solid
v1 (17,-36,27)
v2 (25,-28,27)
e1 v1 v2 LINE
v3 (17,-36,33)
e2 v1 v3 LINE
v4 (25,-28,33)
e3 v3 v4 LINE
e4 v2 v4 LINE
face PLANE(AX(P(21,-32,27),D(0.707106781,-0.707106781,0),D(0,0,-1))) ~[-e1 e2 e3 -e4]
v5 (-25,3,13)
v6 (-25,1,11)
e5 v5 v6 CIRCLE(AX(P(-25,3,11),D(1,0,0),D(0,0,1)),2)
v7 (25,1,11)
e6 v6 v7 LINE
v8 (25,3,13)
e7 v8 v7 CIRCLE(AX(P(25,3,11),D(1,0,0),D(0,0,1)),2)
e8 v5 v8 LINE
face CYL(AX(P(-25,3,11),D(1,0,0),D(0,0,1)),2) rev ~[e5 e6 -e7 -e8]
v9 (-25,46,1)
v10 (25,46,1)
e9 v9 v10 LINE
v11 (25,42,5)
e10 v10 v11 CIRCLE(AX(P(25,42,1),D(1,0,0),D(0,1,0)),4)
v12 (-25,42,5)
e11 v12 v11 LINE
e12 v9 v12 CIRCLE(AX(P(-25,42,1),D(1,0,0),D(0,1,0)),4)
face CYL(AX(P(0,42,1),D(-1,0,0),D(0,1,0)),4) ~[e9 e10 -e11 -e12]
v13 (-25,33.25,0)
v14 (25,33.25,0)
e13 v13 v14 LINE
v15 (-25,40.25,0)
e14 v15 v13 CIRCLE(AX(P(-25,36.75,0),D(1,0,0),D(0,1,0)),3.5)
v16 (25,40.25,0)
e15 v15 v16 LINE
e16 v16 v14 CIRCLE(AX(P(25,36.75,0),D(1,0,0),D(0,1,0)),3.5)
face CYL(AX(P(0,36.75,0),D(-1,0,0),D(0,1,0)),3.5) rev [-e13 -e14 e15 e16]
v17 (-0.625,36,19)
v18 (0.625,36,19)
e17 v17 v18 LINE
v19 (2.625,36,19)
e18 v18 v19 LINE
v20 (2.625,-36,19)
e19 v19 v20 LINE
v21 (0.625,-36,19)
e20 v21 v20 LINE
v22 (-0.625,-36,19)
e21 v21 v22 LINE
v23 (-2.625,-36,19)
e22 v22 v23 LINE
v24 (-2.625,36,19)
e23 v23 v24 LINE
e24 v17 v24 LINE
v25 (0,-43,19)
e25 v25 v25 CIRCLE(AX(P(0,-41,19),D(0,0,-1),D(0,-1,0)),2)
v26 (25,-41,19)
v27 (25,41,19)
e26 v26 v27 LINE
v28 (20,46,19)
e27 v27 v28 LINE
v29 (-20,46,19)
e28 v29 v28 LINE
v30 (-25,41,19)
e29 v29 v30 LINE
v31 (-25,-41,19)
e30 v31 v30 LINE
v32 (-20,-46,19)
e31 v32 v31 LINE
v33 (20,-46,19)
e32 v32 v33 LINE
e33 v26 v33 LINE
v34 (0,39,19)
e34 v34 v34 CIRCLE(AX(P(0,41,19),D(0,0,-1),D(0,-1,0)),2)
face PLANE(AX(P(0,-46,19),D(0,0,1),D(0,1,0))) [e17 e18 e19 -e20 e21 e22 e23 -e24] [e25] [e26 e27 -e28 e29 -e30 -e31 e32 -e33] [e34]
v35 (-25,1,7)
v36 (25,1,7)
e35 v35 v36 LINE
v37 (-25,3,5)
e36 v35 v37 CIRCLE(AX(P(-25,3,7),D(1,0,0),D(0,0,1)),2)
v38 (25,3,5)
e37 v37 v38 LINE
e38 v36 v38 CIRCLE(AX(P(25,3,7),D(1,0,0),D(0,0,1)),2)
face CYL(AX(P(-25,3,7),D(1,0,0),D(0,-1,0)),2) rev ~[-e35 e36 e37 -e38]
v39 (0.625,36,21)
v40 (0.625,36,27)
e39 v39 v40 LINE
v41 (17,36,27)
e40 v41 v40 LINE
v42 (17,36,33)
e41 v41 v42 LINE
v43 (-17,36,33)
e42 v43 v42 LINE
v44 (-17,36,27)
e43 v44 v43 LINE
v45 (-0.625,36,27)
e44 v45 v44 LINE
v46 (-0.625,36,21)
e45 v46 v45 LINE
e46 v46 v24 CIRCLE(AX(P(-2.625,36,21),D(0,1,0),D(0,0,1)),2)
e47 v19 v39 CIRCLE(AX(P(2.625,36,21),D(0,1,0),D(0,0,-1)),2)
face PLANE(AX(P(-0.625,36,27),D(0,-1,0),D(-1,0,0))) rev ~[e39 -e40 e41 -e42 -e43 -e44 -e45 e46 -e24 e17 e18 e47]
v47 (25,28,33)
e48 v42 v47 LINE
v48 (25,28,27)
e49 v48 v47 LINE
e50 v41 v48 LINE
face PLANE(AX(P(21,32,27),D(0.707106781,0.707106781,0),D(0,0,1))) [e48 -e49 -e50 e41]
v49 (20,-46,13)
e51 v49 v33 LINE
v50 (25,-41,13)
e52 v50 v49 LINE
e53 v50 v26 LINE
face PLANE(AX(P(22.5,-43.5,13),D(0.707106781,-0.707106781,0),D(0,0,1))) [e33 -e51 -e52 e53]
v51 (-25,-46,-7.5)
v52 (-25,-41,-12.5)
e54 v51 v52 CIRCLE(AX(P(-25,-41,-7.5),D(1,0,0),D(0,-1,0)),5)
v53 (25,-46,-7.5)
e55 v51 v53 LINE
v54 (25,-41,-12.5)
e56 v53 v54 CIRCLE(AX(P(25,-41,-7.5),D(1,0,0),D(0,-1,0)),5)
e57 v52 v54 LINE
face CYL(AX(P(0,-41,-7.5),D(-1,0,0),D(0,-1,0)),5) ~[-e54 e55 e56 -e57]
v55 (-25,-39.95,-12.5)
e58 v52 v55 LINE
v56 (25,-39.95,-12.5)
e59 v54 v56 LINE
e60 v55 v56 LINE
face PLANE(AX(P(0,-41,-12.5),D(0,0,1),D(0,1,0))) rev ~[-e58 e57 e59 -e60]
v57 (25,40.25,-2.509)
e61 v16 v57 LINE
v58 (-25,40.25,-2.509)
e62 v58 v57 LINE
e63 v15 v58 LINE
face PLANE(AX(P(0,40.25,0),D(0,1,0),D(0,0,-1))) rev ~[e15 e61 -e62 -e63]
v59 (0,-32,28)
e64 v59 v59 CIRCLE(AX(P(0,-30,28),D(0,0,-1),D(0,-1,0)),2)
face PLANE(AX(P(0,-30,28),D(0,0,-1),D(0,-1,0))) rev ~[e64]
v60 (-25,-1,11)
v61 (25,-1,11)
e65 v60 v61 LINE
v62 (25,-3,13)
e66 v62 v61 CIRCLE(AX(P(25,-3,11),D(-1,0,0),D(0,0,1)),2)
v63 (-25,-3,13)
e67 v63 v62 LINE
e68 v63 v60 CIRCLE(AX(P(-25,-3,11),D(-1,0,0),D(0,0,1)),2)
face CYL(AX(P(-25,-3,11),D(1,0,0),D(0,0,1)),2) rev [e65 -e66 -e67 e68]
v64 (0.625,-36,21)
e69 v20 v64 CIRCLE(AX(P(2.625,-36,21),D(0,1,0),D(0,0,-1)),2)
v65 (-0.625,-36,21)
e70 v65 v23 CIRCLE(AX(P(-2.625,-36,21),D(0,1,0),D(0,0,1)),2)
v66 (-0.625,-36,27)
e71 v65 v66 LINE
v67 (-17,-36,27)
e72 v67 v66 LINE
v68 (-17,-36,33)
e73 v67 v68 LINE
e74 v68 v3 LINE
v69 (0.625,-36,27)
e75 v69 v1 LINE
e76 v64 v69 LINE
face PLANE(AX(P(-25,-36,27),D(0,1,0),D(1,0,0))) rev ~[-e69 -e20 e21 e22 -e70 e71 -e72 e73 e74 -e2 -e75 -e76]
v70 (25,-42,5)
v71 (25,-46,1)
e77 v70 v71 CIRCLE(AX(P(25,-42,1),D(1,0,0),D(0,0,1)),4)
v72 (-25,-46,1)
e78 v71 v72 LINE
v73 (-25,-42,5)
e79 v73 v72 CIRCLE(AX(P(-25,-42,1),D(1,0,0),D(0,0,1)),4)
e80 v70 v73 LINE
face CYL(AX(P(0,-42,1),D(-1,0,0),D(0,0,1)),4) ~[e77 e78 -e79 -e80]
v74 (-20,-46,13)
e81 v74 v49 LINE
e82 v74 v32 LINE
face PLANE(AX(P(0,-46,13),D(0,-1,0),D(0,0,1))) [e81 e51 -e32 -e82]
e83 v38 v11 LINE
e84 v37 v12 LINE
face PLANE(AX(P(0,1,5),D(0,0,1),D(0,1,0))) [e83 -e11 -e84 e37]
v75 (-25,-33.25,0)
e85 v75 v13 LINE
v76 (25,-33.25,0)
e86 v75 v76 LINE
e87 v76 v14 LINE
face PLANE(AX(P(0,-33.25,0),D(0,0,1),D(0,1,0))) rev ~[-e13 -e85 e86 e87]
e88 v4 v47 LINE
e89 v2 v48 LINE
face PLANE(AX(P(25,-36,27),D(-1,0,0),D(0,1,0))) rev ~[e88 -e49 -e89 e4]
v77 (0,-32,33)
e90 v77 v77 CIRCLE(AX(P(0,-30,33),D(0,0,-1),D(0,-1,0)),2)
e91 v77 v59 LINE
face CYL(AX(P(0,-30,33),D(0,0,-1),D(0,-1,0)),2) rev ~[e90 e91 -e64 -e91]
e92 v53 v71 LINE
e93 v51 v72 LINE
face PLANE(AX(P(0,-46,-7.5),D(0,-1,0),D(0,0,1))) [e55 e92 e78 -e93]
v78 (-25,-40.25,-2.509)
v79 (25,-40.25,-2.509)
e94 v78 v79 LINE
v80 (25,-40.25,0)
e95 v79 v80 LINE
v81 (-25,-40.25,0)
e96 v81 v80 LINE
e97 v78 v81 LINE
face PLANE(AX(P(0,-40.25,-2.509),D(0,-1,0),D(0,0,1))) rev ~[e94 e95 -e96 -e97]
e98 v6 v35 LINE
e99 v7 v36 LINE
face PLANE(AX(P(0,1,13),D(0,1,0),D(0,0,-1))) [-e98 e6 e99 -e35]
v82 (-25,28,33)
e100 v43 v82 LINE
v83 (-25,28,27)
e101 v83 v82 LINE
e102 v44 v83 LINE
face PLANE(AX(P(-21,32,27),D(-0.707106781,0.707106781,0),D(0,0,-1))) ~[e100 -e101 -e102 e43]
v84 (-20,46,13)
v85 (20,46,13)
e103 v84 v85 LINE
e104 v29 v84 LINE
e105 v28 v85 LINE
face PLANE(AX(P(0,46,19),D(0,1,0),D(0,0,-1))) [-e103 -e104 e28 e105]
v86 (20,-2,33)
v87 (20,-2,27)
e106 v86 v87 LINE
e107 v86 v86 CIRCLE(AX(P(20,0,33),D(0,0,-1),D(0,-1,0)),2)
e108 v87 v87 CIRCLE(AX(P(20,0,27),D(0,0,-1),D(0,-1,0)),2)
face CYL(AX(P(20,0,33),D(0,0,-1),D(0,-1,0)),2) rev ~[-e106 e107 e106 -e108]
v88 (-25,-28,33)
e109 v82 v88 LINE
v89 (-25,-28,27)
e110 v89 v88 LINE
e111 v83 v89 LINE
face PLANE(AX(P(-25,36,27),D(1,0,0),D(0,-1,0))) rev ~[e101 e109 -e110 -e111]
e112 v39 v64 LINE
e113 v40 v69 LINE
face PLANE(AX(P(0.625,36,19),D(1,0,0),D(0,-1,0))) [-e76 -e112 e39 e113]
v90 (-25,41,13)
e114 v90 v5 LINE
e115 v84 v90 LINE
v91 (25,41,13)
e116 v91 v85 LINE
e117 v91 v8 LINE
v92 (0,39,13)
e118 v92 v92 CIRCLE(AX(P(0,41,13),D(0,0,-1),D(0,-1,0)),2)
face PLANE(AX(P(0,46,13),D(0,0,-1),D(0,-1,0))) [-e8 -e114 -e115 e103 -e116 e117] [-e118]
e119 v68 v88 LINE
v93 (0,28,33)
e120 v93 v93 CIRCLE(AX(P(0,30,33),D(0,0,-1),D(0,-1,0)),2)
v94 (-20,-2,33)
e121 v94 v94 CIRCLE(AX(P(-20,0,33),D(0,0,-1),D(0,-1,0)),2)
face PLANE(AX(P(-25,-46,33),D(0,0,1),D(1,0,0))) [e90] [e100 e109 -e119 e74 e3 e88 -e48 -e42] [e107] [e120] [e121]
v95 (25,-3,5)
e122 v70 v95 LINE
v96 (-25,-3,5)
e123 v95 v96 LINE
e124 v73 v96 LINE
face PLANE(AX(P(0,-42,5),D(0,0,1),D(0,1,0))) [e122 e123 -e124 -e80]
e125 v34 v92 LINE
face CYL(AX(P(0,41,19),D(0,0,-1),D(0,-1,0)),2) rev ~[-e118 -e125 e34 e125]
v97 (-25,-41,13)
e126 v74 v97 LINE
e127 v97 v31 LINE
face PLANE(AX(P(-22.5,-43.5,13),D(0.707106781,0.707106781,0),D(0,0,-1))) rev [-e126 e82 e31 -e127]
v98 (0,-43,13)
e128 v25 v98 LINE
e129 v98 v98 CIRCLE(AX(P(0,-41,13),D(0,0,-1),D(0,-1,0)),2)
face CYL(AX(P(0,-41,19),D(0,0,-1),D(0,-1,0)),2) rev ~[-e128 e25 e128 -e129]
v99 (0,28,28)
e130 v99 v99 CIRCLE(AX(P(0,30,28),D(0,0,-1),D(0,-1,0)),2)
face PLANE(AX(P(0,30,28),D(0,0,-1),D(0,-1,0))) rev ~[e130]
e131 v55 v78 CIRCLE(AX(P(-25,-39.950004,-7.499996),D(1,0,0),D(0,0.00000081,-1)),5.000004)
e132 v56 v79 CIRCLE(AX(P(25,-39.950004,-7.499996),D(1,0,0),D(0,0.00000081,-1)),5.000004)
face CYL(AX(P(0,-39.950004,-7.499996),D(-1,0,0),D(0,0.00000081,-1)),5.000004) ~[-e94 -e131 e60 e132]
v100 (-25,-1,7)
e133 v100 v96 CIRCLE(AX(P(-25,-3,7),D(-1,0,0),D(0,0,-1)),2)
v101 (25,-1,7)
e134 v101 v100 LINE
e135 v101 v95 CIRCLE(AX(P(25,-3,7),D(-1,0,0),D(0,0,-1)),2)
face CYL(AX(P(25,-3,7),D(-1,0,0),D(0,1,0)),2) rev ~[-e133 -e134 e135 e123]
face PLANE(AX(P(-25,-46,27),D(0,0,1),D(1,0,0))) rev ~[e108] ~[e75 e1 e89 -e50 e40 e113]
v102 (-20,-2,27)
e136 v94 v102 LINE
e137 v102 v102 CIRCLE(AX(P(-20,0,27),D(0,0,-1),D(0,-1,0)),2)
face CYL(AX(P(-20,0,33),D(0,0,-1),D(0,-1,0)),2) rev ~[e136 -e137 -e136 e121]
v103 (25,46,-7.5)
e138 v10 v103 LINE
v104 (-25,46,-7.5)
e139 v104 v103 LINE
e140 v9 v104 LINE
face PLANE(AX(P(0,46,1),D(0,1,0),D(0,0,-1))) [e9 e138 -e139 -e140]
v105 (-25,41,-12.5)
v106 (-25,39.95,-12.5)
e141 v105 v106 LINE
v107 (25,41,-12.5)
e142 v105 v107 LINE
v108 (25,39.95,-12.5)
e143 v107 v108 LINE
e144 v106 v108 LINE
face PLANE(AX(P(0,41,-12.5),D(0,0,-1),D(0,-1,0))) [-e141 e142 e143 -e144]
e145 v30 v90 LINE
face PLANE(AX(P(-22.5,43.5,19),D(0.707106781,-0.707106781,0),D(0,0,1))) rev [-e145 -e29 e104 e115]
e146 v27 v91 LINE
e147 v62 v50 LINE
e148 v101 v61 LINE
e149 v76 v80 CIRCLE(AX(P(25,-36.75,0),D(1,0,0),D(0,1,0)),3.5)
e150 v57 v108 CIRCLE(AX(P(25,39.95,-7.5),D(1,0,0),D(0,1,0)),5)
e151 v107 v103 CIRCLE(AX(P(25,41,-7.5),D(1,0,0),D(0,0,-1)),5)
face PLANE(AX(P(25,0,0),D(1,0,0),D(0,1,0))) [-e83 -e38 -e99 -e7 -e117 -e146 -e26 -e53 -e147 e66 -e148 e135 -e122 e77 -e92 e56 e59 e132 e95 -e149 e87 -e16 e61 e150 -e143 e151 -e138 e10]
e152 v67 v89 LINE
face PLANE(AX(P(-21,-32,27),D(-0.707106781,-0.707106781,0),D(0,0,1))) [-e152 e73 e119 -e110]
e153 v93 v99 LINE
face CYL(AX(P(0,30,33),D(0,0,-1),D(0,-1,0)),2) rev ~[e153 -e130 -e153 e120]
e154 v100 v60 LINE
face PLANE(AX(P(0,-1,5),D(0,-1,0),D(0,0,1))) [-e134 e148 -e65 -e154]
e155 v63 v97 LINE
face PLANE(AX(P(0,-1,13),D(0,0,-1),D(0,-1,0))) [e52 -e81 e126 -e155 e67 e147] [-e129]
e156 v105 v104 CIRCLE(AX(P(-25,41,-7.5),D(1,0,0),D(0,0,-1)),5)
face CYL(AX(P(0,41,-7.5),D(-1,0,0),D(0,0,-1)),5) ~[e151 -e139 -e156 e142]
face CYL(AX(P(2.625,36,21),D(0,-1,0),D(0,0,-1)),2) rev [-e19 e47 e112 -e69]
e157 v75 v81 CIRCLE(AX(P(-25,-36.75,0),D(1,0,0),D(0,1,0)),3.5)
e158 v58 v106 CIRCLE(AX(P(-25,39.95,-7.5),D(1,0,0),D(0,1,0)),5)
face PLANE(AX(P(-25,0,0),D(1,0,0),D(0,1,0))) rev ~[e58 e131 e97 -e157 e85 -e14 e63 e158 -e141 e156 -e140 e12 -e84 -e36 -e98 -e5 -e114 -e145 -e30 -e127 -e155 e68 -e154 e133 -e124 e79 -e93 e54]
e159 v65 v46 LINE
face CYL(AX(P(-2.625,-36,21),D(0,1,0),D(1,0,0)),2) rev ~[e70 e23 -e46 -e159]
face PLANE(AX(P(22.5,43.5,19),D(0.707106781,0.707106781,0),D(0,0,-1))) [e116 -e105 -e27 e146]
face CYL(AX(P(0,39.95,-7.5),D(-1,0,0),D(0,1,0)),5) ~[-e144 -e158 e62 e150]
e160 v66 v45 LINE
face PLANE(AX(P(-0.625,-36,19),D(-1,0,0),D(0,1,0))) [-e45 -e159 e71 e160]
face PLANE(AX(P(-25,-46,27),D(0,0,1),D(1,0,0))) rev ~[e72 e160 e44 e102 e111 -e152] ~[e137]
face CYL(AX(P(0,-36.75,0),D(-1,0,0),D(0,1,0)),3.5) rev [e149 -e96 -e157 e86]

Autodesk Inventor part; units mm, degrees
ref_plane "YZ Plane" through (0, 0, 0) normal (1, 0, 0) x (0, 1, 0)
ref_plane "XZ Plane" through (0, 0, 0) normal (0, 1, 0) x (-1, 0, 0)
ref_plane "XY Plane" through (0, 0, 0) normal (0, 0, 1) x (1, 0, 0)
sketch "Sketch1" plane through (0, 0, 0) normal (1, 0, 0) x (0, 1, 0)
  line L0 (-46, -7.5) -> (-46, 1)
  line L1 (-42, 5) -> (42, 5)
  line L2 (46, 1) -> (46, -7.5)
  line L3 (-41, -12.5) -> (-39.95, -12.5)
  line L4 (-40.25, -2.509) -> (-40.25, 0)
  line L5 (-40.25, 0) -> (40.25, 0)
  line L6 (-1, 5) -> (-1, 13)
  line L7 (-1, 13) -> (1, 13)
  line L8 (1, 13) -> (1, 5)
  line L9 (-46, 19) -> (46, 19)
  line L10 (46, 19) -> (46, 13)
  line L11 (46, 13) -> (-46, 13)
  line L12 (-46, 13) -> (-46, 19)
  arc A0 (46, 1) -> (42, 5) centre (42, 1) ccw
  arc A1 (-42, 5) -> (-46, 1) centre (-42, 1) ccw
  arc A2 (40.25, 0) -> (33.25, 0) centre (36.75, 0) ccw
  arc A3 (-33.25, 0) -> (-40.25, 0) centre (-36.75, 0) ccw
  line L13 (40.25, 0) -> (40.25, -2.509)
  arc A4 (-39.95, -12.5) -> (-40.25, -2.509) centre (-39.95, -7.5) ccw
  arc A5 (-46, -7.5) -> (-41, -12.5) centre (-41, -7.5) ccw
  circle A6 centre (39.95, -7.5) radius 5
  line L14 (41, -12.5) -> (39.95, -12.5)
  arc A7 (41, -12.5) -> (46, -7.5) centre (41, -7.5) ccw
  point P0 (0, 0)
  point P1 (-46, -12.5)
  point P2 (-46, 5)
  point P3 (46, 5)
  point P4 (46, -12.5)
  point P5 (0, 5)
  point P6 (0, 0)
  point P7 (0, 13)
  point P8 (1, 13)
  point P9 (-1, 13)
  point P10 (-40.25, -1.2545)
  point P11 (40.25, -1.2545)
  point P12 (40.25, -2.509)
  dimension "d71" = 10
  dimension "d2" = 80.5
  dimension "d10" = 92
  dimension "d11" = 5
  dimension "d13" = 2
  dimension "d14" = 8
  dimension "d15" = 6
  dimension "d52" = 4
  dimension "d53" = 7
  dimension "d54" = 7
  dimension "d67" = 10
  dimension "d68" = 7.5
  dimension "d69" = 0.3
  dimension "d70" = 5
  dimension "d72" = 0.3
  dimension "d73" = 5
extrude "Extrusion1" add sketch "Sketch1" along normal mid plane 50 contours L0 A1 L1 A0 L2 A7 L14 A6 L13 A2 L5 A3 L4 A4 L3 A5 | L6 L7 L8 L1 | L11 L12 L9 L10 L7 | A6
sketch "Sketch2" plane through (-25, -46, 19) normal (0, 0, 1) x (1, 0, 0)
  line L0 (0, 0) -> (50, 0) projected
  line L1 (50, 92) -> (50, 0) projected
  line L2 (0, 92) -> (50, 92) projected
  line L3 (0, 0) -> (0, 92) projected
  line L4 (25.625, 10) -> (24.375, 10)
  line L5 (24.375, 10) -> (24.375, 82)
  line L6 (24.375, 82) -> (25.625, 82)
  line L7 (25.625, 82) -> (25.625, 10)
  line L8 (25.625, 10) -> (24.375, 82) construction
  line L9 (24.375, 10) -> (25.625, 82) construction
  point P0 (25, 46)
  point P1 (20.75, 0)
  point P2 (20.75, 50)
  point P3 (19.25, 50)
  point P4 (19.25, 0)
  point P5 (25, 10)
  dimension "d16" = 1.25
  dimension "d19" = 10
extrude "Extrusion2" add sketch "Sketch2" along normal blind 8 contours L4 L5 L6 L7
sketch "Sketch3" plane through (-25, -46, 19) normal (0, 0, 1) x (1, 0, 0)
  line L0 (25.625, 82) -> (25.625, 10) projected
  line L1 (25.625, 10) -> (24.375, 10) projected
  line L2 (24.375, 10) -> (24.375, 82) projected
  line L3 (24.375, 82) -> (25.625, 82) projected
  line L4 (0, 0) -> (50, 0) projected
  line L5 (50, 92) -> (50, 0) projected
  line L6 (0, 92) -> (50, 92) projected
  line L7 (0, 0) -> (0, 92) projected
  line L8 (25.625, 10) -> (24.375, 10) projected
  line L9 (25, 10) -> (25, 0)
  line L10 (24.375, 82) -> (25.625, 82) projected
  line L11 (25, 82) -> (25, 92)
  point P0 (25, 46)
  point P1 (25, 5)
  point P2 (25, 87)
hole "Hole1" at (0, -41, 19) at (0, 41, 19) direction (0, 0, -1) diameter 4 depth 8 tip angle 118
sketch "Sketch4" plane through (-25, -46, 27) normal (0, 0, 1) x (1, 0, 0)
  line L0 (0, 10) -> (50, 10)
  line L1 (50, 10) -> (50, 82)
  line L2 (50, 82) -> (0, 82)
  line L3 (0, 82) -> (0, 10)
  line L4 (0, 10) -> (50, 82) construction
  line L5 (50, 10) -> (0, 82) construction
  line L6 (25.625, 82) -> (24.375, 82) projected
  line L7 (0, 0) -> (0, 92) projected
  point P0 (25, 46)
  point P1 (25, 82)
  point P2 (0, 46)
extrude "Extrusion3" add sketch "Sketch4" along normal blind 6
sketch "Sketch5" plane through (-25, -46, 33) normal (0, 0, 1) x (1, 0, 0)
  line L0 (50, 82) -> (0, 82) projected
  line L1 (0, 82) -> (0, 10) projected
  line L2 (0, 10) -> (50, 10) projected
  line L3 (50, 10) -> (50, 82) projected
  line L4 (5, 46) -> (45, 46)
  point P0 (25, 46)
  point P1 (25, 46)
  dimension "d29" = 5
hole "Hole2" at (-20, 0, 33) at (20, 0, 33) direction (0, 0, -1) diameter 4 depth 8 tip angle 118
sketch "Sketch6" plane through (-25, -46, 33) normal (0, 0, 1) x (1, 0, 0)
  circle A0 centre (5, 46) radius 2 projected
  circle A1 centre (45, 46) radius 2 projected
  line L0 (50, 82) -> (0, 82) projected
  line L1 (0, 82) -> (0, 10) projected
  line L2 (0, 10) -> (50, 10) projected
  line L3 (50, 10) -> (50, 82) projected
  line L4 (25, 16) -> (25, 76)
  point P0 (25, 46)
  point P1 (25, 46)
  point P2 (25, 46)
  dimension "d38" = 60
hole "Hole3" at (0, -30, 33) at (0, 30, 33) direction (0, 0, -1) diameter 4 depth 5
chamfer "Chamfer1" distance 5 angle 45 4 edges at (-25, -46, 16) (-25, 46, 16) (25, -46, 16) (25, 46, 16)
chamfer "Chamfer2" distance 8 angle 45 4 edges at (25, 36, 30) (25, -36, 30) (-25, -36, 30) (-25, 36, 30)
fillet "Fillet1" radius 2 6 edges at (0.625, 0, 19) (-0.625, 0, 19) (0, -1, 5) (0, 1, 5) (0, -1, 13) (0, 1, 13)
equation "\"d72\" = d69"
properties part number "Rail-FlextureBaseLarge" material "ABS Plastic"
